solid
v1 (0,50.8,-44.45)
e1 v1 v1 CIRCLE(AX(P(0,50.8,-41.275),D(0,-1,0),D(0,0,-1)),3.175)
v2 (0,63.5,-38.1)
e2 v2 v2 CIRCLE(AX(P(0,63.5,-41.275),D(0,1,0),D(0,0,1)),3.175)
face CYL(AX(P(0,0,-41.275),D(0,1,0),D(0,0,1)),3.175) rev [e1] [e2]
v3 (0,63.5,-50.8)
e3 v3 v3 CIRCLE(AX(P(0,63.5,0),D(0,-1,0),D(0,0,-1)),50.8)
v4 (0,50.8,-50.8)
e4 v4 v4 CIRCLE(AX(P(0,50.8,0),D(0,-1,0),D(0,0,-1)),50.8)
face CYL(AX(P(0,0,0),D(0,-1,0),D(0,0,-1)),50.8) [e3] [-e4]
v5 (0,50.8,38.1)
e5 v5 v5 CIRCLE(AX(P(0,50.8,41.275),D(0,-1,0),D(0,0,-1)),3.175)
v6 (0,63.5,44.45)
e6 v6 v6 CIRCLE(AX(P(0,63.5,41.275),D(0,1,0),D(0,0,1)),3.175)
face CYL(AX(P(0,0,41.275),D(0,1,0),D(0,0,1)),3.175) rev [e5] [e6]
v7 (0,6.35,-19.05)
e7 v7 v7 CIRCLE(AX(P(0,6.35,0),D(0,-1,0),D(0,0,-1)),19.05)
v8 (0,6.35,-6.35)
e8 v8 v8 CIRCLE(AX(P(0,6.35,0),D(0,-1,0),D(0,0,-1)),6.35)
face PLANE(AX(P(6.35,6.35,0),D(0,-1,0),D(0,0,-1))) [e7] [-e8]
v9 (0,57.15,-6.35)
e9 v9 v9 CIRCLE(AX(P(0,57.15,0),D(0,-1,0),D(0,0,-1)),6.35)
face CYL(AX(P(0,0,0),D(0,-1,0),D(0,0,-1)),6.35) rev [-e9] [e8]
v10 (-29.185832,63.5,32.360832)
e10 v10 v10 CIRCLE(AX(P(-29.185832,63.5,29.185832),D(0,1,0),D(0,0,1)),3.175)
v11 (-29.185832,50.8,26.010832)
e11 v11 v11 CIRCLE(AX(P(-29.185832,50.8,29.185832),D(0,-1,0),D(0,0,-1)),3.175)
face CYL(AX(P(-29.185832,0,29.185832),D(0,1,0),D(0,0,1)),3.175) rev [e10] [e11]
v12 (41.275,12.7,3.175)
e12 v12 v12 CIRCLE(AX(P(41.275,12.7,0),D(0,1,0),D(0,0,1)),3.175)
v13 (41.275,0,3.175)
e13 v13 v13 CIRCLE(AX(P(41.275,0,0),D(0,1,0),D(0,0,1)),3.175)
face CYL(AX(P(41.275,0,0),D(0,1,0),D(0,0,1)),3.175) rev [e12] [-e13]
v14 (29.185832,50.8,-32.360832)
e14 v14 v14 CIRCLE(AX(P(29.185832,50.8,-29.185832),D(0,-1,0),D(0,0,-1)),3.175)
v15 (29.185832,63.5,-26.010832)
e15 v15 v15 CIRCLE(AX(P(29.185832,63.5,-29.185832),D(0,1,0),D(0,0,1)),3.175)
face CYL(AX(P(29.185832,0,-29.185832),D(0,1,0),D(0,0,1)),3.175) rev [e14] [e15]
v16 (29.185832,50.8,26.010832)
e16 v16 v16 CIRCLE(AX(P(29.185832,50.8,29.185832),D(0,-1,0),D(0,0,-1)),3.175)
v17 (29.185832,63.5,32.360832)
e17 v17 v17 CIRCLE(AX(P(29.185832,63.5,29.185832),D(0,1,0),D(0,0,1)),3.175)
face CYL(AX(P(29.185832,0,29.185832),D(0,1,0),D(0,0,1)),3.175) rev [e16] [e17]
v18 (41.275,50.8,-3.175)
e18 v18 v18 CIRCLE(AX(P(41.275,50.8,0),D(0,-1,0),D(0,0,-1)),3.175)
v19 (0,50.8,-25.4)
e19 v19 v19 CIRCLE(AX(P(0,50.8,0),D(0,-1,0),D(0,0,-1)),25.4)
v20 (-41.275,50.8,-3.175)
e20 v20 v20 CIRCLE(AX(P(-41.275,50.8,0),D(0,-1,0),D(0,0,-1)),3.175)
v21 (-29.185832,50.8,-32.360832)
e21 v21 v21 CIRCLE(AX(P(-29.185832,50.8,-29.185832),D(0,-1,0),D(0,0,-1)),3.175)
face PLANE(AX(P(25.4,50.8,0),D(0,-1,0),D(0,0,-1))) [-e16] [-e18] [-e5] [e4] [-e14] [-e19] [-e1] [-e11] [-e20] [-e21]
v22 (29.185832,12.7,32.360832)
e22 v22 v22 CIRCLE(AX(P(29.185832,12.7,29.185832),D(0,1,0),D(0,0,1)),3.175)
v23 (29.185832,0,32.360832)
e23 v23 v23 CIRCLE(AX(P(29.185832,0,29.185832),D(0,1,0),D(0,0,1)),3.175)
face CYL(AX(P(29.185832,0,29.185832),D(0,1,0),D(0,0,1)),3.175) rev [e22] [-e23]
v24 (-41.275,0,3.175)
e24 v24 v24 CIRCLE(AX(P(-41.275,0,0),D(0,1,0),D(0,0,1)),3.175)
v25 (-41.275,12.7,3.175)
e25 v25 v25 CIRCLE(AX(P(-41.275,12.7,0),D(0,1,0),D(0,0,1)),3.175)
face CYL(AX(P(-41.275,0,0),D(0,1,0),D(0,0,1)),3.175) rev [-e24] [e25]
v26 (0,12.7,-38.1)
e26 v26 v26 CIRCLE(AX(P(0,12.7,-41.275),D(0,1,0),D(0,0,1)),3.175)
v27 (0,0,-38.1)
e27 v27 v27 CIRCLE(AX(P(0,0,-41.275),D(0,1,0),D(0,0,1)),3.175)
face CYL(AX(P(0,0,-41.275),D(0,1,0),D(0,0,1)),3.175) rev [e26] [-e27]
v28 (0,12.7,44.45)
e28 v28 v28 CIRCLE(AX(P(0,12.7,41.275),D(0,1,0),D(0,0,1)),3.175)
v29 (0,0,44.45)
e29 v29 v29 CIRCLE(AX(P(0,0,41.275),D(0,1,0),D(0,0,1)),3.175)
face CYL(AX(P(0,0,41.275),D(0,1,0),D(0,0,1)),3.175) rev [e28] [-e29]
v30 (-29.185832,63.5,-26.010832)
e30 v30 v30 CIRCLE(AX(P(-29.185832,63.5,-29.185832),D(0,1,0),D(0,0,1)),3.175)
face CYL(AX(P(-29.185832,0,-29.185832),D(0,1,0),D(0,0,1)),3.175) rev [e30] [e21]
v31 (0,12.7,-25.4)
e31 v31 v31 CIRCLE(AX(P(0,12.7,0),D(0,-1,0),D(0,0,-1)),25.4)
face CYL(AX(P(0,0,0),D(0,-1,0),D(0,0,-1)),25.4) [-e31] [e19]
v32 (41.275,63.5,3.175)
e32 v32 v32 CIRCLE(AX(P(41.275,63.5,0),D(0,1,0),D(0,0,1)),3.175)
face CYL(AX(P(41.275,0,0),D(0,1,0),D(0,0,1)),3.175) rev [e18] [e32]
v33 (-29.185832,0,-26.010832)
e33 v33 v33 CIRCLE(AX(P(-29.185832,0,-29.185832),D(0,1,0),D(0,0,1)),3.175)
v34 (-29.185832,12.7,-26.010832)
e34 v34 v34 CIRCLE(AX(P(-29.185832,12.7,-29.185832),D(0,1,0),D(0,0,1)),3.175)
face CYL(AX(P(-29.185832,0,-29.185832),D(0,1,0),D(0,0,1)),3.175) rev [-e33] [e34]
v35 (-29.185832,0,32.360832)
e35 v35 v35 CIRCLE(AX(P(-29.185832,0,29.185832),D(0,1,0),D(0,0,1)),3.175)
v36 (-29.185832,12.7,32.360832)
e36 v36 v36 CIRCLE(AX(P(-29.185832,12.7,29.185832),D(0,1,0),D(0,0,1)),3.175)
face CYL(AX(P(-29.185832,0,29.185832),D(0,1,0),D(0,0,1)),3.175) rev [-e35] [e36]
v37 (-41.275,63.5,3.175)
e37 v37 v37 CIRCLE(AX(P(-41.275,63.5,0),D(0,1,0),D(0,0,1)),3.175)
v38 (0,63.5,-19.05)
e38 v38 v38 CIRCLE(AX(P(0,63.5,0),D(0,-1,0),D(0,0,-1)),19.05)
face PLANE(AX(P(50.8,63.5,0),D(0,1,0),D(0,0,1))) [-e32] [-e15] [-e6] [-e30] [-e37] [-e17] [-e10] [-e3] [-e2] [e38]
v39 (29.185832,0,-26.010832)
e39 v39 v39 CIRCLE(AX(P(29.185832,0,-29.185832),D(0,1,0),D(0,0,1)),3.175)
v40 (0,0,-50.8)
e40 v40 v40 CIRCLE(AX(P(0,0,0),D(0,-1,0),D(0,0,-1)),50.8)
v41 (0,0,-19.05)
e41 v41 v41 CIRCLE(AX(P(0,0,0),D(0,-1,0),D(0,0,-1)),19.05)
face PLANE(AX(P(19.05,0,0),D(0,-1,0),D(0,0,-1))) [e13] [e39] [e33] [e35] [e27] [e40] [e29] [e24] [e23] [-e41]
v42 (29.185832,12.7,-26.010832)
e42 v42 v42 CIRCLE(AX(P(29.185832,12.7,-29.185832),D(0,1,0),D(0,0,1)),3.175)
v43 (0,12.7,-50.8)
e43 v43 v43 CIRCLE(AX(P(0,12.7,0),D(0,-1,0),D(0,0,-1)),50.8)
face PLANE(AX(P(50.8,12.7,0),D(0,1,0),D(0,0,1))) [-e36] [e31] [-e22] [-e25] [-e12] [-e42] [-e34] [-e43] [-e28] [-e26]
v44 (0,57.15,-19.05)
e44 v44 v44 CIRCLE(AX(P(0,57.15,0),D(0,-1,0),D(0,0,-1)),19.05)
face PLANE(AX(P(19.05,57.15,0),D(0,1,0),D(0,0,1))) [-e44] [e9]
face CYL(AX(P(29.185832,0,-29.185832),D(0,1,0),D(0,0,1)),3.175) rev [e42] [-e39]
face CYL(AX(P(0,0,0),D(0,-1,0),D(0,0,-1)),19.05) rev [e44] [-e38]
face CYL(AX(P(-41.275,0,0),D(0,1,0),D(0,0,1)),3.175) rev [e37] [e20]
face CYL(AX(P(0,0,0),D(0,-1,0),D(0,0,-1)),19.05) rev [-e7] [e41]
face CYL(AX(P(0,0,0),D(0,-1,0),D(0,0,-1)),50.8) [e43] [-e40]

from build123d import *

# Parameters (mm, degrees)
SKETCH2_R          = 3.175
CUT_EXTRUDE1_DEPTH = 96.882897328


with BuildPart() as part:
    # Sketch1 → Revolve2 (revolve)
    with BuildSketch(Plane.XY, mode=Mode.PRIVATE) as revolve2_sk:
        Polygon((19.05, 0), (50.8, 0), (50.8, 12.7), (25.4, 12.7), (25.4, 50.8), (50.8, 50.8), (50.8, 63.5), (19.05, 63.5), (19.05, 57.15), (6.35, 57.15), (6.35, 6.35), (19.05, 6.35), align=None)
    revolve(revolve2_sk.sketch.rotate(Axis((0, 0, 0), (0, 1, 0)), 90), axis=Axis((0, 0, 0), (0, 1, 0)))

    # Sketch2 → Cut-Extrude1 (cut, through all)
    with BuildSketch(Plane(origin=(0, 63.5, 0), x_dir=(1, 0, 0), z_dir=(0, 1, 0))):
        with Locations(Location((41.275, 0, 0), (0, 0, 270))):
            Circle(SKETCH2_R)
        with Locations(Location((29.185832393, -29.185832393, 0), (0, 0, 270))):
            Circle(SKETCH2_R)
        with Locations(Location((0, -41.275, 0), (0, 0, 270))):
            Circle(SKETCH2_R)
        with Locations(Location((-29.185832393, -29.185832393, 0), (0, 0, 270))):
            Circle(SKETCH2_R)
        with Locations(Location((-41.275, 0, 0), (0, 0, 270))):
            Circle(SKETCH2_R)
        with Locations(Location((-29.185832393, 29.185832393, 0), (0, 0, 270))):
            Circle(SKETCH2_R)
        with Locations(Location((0, 41.275, 0), (0, 0, 270))):
            Circle(SKETCH2_R)
        with Locations(Location((29.185832393, 29.185832393, 0), (0, 0, 270))):
            Circle(SKETCH2_R)
    extrude(amount=-CUT_EXTRUDE1_DEPTH, mode=Mode.SUBTRACT)


solid = part.part
